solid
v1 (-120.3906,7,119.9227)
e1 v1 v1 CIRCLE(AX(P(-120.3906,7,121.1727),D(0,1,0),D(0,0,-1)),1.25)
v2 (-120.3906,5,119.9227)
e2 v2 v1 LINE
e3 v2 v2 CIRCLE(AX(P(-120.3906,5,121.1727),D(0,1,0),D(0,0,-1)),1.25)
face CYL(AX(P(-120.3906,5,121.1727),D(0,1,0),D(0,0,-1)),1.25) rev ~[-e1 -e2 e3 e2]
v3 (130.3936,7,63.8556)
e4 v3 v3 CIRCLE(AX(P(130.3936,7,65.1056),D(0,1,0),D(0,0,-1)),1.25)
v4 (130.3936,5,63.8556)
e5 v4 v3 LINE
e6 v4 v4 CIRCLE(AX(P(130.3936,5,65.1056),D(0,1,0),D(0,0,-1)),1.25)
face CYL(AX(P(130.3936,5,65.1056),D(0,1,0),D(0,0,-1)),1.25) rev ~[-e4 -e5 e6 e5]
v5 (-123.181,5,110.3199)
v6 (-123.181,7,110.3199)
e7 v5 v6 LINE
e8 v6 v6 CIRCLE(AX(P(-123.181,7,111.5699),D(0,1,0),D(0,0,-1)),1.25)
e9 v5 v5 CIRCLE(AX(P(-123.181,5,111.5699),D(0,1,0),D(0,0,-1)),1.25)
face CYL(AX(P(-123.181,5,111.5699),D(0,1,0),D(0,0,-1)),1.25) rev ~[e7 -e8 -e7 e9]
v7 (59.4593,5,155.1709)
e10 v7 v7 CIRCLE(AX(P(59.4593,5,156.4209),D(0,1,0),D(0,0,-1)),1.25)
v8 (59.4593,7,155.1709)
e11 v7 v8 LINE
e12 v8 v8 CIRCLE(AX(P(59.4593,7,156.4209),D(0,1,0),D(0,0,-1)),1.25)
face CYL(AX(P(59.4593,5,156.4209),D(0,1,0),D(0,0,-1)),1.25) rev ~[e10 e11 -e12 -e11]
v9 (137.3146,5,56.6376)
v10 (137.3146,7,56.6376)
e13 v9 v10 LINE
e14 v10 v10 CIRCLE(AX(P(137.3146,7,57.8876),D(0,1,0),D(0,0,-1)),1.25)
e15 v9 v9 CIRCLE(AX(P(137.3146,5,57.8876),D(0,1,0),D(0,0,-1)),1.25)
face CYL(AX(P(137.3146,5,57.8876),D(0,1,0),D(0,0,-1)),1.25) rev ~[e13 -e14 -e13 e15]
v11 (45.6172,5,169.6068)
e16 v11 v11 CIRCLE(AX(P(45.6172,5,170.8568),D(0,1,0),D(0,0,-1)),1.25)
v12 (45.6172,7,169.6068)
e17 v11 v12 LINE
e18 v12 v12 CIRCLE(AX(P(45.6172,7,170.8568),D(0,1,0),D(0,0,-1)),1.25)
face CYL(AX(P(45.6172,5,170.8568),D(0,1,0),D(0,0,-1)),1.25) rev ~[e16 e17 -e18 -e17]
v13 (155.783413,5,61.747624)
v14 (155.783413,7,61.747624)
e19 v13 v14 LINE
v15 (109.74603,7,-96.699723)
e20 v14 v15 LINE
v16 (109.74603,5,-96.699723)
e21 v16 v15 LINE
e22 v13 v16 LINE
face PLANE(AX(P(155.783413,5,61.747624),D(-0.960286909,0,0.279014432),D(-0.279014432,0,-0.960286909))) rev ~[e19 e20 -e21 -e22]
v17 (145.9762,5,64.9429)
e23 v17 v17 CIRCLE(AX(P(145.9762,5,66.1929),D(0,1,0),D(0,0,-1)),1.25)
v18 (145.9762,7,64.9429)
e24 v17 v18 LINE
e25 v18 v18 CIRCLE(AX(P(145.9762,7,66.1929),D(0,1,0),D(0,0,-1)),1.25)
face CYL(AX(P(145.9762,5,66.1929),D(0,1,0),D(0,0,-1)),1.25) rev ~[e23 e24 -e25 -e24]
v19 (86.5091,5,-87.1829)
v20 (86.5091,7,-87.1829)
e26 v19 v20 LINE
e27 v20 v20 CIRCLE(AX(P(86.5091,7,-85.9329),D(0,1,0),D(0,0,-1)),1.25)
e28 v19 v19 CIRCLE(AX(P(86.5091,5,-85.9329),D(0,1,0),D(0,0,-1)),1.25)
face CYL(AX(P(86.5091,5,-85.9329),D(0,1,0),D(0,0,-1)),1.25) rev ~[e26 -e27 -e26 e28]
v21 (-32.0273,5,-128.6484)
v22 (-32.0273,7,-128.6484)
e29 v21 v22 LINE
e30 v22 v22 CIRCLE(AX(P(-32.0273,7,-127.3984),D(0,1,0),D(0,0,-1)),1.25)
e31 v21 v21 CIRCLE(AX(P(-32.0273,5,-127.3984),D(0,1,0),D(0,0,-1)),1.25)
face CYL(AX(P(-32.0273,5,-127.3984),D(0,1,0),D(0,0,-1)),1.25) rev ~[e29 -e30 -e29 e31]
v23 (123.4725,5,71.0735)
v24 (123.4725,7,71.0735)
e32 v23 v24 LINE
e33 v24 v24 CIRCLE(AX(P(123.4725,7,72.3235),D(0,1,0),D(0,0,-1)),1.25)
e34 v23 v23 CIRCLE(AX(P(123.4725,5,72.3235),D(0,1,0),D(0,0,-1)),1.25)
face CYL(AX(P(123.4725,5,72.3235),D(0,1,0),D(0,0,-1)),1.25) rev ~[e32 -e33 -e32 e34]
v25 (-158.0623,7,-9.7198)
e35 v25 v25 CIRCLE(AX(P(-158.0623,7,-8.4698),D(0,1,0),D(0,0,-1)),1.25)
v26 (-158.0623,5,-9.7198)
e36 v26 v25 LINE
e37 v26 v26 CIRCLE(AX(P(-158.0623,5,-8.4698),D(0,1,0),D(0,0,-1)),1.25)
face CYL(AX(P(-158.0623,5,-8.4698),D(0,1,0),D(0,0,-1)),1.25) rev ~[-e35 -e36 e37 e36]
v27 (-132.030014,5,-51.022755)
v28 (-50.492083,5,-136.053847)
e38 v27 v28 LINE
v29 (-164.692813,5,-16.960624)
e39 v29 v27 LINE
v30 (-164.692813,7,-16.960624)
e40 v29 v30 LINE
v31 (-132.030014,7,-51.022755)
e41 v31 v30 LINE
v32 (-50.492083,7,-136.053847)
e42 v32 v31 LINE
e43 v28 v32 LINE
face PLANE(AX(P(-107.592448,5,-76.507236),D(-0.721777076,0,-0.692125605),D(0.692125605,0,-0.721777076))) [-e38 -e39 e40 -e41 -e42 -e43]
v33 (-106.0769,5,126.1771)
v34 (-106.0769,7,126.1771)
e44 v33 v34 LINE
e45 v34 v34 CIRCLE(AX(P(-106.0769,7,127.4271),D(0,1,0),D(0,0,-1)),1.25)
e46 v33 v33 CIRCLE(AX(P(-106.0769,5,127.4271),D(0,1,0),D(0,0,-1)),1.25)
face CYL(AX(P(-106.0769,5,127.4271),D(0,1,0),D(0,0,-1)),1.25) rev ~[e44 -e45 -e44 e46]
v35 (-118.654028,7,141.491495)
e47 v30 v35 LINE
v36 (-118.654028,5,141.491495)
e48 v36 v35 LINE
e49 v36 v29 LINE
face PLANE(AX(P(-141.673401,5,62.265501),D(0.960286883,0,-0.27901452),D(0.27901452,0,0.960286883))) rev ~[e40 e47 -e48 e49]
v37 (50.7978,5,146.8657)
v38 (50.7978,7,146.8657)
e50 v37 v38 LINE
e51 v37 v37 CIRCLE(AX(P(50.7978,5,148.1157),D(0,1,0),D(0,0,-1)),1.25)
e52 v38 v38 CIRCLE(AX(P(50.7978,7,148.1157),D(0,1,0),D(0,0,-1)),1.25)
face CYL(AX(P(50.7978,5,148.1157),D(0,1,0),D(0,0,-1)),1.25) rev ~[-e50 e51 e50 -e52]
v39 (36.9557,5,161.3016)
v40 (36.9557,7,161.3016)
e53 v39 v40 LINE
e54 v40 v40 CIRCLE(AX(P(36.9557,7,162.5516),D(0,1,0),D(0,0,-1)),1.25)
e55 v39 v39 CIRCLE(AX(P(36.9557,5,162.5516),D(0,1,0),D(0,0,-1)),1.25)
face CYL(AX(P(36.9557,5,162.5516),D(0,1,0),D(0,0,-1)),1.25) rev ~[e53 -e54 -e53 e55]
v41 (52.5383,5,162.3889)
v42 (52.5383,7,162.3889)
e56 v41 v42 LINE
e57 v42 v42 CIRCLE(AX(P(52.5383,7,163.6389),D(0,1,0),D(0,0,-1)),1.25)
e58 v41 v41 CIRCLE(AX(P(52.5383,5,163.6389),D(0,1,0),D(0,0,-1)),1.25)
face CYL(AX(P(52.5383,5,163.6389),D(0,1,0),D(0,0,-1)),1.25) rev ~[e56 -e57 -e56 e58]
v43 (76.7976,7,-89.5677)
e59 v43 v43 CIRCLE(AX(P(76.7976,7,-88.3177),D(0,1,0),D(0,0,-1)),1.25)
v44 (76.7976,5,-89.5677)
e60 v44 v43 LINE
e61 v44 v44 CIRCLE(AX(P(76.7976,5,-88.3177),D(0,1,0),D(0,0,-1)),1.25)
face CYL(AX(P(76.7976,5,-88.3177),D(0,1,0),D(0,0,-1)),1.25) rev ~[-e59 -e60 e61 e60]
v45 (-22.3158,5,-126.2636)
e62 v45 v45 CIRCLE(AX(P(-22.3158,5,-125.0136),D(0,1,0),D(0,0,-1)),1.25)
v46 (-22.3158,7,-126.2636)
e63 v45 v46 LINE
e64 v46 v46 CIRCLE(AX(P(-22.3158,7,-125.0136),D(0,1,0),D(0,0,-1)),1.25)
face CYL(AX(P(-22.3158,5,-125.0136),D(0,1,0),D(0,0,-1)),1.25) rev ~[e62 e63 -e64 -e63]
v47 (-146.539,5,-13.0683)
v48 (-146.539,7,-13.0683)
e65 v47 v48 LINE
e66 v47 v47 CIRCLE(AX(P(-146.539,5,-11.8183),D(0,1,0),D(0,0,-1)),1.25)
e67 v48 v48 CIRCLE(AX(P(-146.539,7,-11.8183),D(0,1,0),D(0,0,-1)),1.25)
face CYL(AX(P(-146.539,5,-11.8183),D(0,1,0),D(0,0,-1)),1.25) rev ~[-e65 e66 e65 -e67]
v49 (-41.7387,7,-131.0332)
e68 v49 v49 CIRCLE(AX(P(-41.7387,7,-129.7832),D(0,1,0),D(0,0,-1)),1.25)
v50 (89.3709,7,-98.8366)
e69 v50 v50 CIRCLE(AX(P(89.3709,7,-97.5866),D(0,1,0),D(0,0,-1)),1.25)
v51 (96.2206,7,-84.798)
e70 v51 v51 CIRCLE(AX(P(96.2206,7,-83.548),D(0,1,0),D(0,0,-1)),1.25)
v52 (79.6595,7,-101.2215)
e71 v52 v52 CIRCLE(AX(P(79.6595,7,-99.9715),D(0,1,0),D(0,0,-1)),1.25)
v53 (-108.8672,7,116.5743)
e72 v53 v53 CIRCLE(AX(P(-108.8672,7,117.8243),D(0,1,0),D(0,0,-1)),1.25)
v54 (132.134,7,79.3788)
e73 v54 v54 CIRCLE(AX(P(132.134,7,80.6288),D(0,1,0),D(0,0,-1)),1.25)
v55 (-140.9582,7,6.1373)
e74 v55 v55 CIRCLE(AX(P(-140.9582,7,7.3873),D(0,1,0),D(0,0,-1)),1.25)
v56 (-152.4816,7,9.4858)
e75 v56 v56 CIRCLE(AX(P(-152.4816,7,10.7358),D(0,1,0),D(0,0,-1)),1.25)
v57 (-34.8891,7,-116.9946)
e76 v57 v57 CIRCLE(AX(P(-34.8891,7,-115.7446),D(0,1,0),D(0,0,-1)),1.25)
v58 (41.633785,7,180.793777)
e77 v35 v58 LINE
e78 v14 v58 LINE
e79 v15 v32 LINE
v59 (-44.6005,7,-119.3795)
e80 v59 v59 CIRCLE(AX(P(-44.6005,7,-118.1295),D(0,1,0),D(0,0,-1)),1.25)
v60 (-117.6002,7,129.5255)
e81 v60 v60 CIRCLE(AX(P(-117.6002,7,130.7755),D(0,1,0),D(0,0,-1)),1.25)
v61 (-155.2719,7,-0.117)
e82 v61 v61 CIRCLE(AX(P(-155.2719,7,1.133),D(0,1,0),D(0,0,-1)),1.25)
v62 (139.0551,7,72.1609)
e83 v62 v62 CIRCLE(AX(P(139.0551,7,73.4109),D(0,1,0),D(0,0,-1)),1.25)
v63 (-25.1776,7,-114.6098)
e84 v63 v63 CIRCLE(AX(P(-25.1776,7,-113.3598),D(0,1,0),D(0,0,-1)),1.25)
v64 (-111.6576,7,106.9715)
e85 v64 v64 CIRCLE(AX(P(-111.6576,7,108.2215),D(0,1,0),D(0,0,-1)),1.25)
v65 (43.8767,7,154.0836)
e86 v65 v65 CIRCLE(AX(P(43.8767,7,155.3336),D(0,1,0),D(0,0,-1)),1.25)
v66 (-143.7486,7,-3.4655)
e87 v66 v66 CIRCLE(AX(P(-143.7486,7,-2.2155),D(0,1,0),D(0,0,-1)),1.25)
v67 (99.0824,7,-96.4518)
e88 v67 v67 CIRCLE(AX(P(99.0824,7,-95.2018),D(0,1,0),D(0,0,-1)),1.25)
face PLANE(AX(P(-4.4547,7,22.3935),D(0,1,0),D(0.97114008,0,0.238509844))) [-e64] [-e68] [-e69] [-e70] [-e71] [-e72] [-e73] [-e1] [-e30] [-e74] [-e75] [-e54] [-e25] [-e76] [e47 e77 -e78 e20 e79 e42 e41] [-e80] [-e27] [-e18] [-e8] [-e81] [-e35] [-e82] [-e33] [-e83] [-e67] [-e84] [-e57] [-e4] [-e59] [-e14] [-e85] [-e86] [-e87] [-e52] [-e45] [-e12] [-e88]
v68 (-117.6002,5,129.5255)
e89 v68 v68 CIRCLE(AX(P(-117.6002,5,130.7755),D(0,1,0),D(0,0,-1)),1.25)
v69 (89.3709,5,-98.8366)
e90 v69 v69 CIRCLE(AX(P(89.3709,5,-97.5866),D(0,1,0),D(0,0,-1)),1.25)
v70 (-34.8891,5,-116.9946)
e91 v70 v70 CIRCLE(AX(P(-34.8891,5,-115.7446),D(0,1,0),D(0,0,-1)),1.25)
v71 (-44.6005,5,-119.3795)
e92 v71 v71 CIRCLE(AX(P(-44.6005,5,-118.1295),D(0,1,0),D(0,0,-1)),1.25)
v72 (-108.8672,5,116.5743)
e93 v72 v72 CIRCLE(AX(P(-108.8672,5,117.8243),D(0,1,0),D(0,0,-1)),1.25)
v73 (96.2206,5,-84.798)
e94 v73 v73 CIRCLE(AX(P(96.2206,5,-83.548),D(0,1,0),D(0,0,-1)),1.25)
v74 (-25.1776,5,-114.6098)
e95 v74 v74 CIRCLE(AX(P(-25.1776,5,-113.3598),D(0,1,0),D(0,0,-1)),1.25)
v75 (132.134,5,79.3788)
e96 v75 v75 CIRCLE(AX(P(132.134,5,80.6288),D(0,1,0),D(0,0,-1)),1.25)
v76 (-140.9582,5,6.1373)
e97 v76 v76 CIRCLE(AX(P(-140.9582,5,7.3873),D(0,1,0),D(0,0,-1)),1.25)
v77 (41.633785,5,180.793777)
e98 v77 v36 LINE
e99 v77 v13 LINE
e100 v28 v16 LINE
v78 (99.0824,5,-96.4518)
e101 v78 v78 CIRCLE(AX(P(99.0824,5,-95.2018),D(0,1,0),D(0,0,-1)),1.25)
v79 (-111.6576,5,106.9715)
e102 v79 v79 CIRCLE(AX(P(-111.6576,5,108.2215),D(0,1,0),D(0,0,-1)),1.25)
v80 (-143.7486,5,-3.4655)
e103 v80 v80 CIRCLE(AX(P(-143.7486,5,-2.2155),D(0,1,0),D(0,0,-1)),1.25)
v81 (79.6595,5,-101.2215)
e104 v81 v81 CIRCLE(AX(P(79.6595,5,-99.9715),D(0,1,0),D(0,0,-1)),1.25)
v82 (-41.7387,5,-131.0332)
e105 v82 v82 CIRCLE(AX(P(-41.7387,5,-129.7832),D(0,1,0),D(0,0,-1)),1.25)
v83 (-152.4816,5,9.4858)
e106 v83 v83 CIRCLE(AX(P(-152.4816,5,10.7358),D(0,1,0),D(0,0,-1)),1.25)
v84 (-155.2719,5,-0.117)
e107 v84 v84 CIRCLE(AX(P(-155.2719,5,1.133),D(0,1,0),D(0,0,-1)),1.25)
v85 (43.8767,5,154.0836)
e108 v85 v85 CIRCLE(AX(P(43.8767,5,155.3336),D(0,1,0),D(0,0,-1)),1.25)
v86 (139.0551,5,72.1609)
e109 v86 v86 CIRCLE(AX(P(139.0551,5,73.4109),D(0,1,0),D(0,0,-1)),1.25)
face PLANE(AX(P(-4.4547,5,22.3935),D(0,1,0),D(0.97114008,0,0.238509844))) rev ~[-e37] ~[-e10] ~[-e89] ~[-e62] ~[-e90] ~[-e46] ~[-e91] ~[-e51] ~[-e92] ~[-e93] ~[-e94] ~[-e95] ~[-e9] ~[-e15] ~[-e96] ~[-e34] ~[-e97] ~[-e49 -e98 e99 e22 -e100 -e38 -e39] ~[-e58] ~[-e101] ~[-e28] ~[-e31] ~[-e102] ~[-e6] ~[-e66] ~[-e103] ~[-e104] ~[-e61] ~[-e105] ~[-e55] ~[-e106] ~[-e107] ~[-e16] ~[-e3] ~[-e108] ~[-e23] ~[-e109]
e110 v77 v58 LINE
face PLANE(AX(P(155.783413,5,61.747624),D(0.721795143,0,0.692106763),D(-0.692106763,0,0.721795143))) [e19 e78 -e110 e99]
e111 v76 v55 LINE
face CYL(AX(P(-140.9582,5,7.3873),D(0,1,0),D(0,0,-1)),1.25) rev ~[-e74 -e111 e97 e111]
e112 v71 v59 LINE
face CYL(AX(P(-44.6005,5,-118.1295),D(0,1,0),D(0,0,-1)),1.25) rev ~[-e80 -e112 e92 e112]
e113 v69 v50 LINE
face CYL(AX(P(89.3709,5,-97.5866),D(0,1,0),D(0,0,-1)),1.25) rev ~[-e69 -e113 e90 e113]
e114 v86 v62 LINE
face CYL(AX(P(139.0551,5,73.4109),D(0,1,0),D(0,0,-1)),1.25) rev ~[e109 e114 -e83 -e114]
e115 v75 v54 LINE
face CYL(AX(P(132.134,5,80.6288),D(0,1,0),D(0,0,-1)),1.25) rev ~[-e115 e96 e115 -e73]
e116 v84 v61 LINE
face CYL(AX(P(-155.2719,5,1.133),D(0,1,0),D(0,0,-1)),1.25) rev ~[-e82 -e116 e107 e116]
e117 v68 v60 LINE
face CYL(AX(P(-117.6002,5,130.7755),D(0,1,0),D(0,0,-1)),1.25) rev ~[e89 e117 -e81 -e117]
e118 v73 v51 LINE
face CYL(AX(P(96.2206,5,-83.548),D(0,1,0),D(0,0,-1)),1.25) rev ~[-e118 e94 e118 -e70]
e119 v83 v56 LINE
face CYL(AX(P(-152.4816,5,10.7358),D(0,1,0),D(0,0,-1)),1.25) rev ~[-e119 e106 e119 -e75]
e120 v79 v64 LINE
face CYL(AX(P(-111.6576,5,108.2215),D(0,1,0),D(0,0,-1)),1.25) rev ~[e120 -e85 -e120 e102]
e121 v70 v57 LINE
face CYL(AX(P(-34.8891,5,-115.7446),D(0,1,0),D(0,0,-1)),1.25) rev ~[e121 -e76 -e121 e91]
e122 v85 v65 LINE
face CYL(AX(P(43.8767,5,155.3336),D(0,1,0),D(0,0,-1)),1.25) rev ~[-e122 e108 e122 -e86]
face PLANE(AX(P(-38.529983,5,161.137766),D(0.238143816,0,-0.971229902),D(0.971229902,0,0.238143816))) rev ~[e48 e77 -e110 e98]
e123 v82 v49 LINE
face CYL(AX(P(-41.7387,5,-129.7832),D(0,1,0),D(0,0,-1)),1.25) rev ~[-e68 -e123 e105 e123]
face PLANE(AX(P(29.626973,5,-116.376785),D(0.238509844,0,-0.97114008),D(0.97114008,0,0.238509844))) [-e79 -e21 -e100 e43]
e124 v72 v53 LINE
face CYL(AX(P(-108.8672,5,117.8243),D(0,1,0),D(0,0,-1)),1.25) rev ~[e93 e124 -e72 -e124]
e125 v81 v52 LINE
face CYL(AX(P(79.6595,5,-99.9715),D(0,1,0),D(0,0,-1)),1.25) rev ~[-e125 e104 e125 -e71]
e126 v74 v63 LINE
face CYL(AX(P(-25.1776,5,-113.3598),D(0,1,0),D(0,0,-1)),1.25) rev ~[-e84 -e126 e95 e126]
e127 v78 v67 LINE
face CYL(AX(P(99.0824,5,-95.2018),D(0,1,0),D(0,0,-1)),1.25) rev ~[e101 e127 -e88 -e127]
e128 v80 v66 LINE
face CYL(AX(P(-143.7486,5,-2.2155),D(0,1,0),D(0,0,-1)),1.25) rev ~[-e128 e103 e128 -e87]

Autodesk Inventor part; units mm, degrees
ref_plane "YZ Plane" through (0, 0, 0) normal (1, 0, 0) x (0, 1, 0)
ref_plane "XZ Plane" through (0, 0, 0) normal (0, 1, 0) x (-1, 0, 0)
ref_plane "XY Plane" through (0, 0, 0) normal (0, 0, 1) x (1, 0, 0)
ref_plane "Work Plane2" through (-4.4547, 5, 22.3935) normal (0, 1, 0) x (0.9711, 0, 0.2385)
sketch "Sketch2" plane through (-4.4547, 5, 22.3935) normal (0, 1, 0) x (0.9711, 0, 0.2385)
  line L0 (1.3055, 292.2458) -> (0.897, 292.9749)
  line L1 (165, 0) -> (82.5, 142.8942)
  line L2 (165, 0) -> (455.412, 0) construction
  line L3 (-165, 0) -> (-123.75, 71.4471)
  line L4 (-82.5, 142.8942) -> (82.5, 142.8942)
  line L5 (165, 0) -> (82.5384, -142.8363)
  line L6 (-165, 0) -> (-82.4975, -142.8985)
  line L7 (-82.4975, -142.8985) -> (82.5384, -142.8363)
  line L8 (-123.75, 71.4471) -> (123.7519, -71.4482)
  line L9 (-123.75, 71.4471) -> (-82.5, 142.8942)
  line L10 (-123.75, 71.4471) -> (-103.596, 106.3548)
  line L11 (-103.596, 106.3548) -> (-143.904, 36.5393)
  line L12 (-143.904, 36.5393) -> (-20.154, -34.9078)
  line L13 (-143.904, 36.5393) -> (-141.404, 40.8695)
  line L14 (-141.404, 40.8695) -> (-13.7235, -32.8469)
  line L15 (-143.904, 36.5393) -> (-140.154, 43.0345)
  line L16 (-140.154, 43.0345) -> (-8.7235, -32.8469)
  circle A0 centre (-122.1364, 29.7453) radius 1.25
  line L17 (-122.1364, 29.7453) -> (-104.8159, 19.7453)
  circle A1 centre (-104.8159, 19.7453) radius 1.25
  circle A2 centre (-119.6364, 34.0755) radius 1.25
  circle A3 centre (-102.3159, 24.0755) radius 1.25
  circle A4 centre (-86.8284, 90.9006) radius 1.25
  circle A5 centre (-69.5079, 80.9006) radius 1.25
  circle A6 centre (-72.0079, 76.5705) radius 1.25
  circle A7 centre (-89.3284, 86.5705) radius 1.25
  line L18 (-103.596, 106.3548) -> (38.9161, 24.0755)
  line L19 (0, -168.5342) -> (0, 201.2918)
  circle A8 centre (122.1364, 29.7453) radius 1.25
  circle A9 centre (104.8159, 19.7453) radius 1.25
  circle A10 centre (102.3159, 24.0755) radius 1.25
  circle A11 centre (119.6364, 34.0755) radius 1.25
  circle A12 centre (72.0079, 76.5705) radius 1.25
  circle A13 centre (89.3284, 86.5705) radius 1.25
  circle A14 centre (86.8284, 90.9006) radius 1.25
  circle A15 centre (69.5079, 80.9006) radius 1.25
  circle A16 centre (-35.308, -100.6459) radius 1.25
  circle A17 centre (30.308, -100.6459) radius 1.25
  circle A18 centre (35.308, -100.6459) radius 1.25
  circle A19 centre (30.308, -120.6459) radius 1.25
  circle A20 centre (35.308, -120.6459) radius 1.25
  circle A21 centre (-30.308, -100.6459) radius 1.25
  circle A22 centre (-30.308, -120.6459) radius 1.25
  circle A23 centre (-35.308, -120.6459) radius 1.25
  line L20 (-82.4975, -142.8985) -> (-65.177, -132.8985)
  line L21 (-82.4975, -142.8985) -> (-79.0334, -140.8985)
  line L22 (-165, 0) -> (-147.6795, 10)
  line L23 (-165, 0) -> (-145, 0) construction
  line L24 (-147.6795, 10) -> (-65.177, -132.8985)
  line L25 (-165, 0) -> (-161.5359, 2)
  line L26 (-161.5359, 2) -> (-79.0334, -140.8985)
  line L27 (-73.8372, -137.8985) -> (-156.3397, 5)
  line L28 (-79.0334, -140.8985) -> (-84.0334, -132.2383)
  line L29 (-84.0334, -132.2383) -> (-89.0334, -123.578)
  line L30 (-89.0334, -123.578) -> (-94.0334, -114.9178)
  line L31 (-123.7487, -71.4493) -> (-106.4282, -61.4493)
  circle A24 centre (-84.0334, -132.2383) radius 1.25
  circle A25 centre (-89.0334, -123.578) radius 1.25
  circle A26 centre (-94.0334, -114.9178) radius 1.25
  circle A27 centre (-73.6411, -126.2383) radius 1.25
  circle A28 centre (-78.6411, -117.578) radius 1.25
  circle A29 centre (-83.6411, -108.9178) radius 1.25
  circle A30 centre (-156.5359, -6.6603) radius 1.25
  circle A31 centre (-151.5359, -15.3205) radius 1.25
  circle A32 centre (-146.5359, -23.9808) radius 1.25
  circle A33 centre (-136.1436, -17.9808) radius 1.25
  circle A34 centre (-141.1436, -9.3205) radius 1.25
  circle A35 centre (-146.1436, -0.6603) radius 1.25
  circle A36 centre (72.505, 138.8942) radius 1.25
  circle A37 centre (62.505, 138.8942) radius 1.25
  circle A38 centre (52.505, 138.8942) radius 1.25
  circle A39 centre (52.505, 126.8942) radius 1.25
  circle A40 centre (62.505, 126.8942) radius 1.25
  circle A41 centre (72.505, 126.8942) radius 1.25
  circle A42 centre (-72.5, 138.8942) radius 1.25
  circle A43 centre (-62.5, 138.8942) radius 1.25
  circle A44 centre (-52.5, 138.8942) radius 1.25
  circle A45 centre (-52.5, 126.8942) radius 1.25
  circle A46 centre (-62.5, 126.8942) radius 1.25
  circle A47 centre (-72.5, 126.8942) radius 1.25
  circle A48 centre (84.0334, -132.2383) radius 1.25
  circle A49 centre (89.0334, -123.578) radius 1.25
  circle A50 centre (94.0334, -114.9178) radius 1.25
  circle A51 centre (83.6411, -108.9178) radius 1.25
  circle A52 centre (78.6411, -117.578) radius 1.25
  circle A53 centre (73.6411, -126.2383) radius 1.25
  circle A54 centre (156.5359, -6.6603) radius 1.25
  circle A55 centre (151.5359, -15.3205) radius 1.25
  circle A56 centre (146.5359, -23.9808) radius 1.25
  circle A57 centre (136.1436, -17.9808) radius 1.25
  circle A58 centre (141.1436, -9.3205) radius 1.25
  circle A59 centre (146.1436, -0.6603) radius 1.25
  dimension "d14" = 120
  dimension "d19" = 40.308
  dimension "d20" = 80.616
  dimension "d21" = 5
  dimension "d22" = 7.5
  dimension "d23" = 2.5
  dimension "d24" = 20
  dimension "d25" = 2.5
  dimension "d40" = 20
  dimension "d42" = 4
  dimension "d43" = 90
  dimension "d45" = 20
  dimension "d46" = 30
  dimension "d47" = 10
  dimension "d48" = 10
  dimension "d50" = 10
  dimension "d51" = 2.5
  dimension "d52" = 2.5
  dimension "d53" = 2.5
ref_plane "Work Plane3" through (-4.4547, 5, 22.3935) normal (0, 1, 0) x (0.9711, 0, 0.2385)
extrude "Extrusion2" add sketch "Sketch2" along normal blind 2 contours L5 L8 L19 L4 L1 | L5 L7 L19 L8 | L19 L18 L9 L4 | A1 L14 | L14 A1 | A0 L14 | L14 A0 | L19 L7 L20 L24 L22 L3 L8 | L8 L9 L18 L19 | L6 L31 L26 A26 A25 A24 L20 | L6 L22 L26 A30 A31 A32 L31 | L26 A24 A25 A26 L31 L27 L20 | L26 A32 A31 A30 L22 L27 L31 | L27 L31 L24 L20 | A24 L26 | L26 A24 | A32 L26 | L26 A32 | A26 L26 | L26 A26 | L27 L22 L24 L31 | A30 L26 | L26 A30 | A25 L26 | L26 A25 | A31 L26 | L26 A31 | A2 | A3 | A4 | A5 | A6 | A7 | A8 | A9 | A10 | A11 | A12 | A13 | A14 | A15 | A16 | A17 | A18 | A19 | A20 | A21 | A22 | A23 | A27 | A28 | A29 | A33 | A34 | A35 | A36 | A37 | A38 | A39 | A40 | A41 | A42 | A43 | A44 | A45 | A46 | A47 | A48 | A49 | A50 | A51 | A52 | A53 | A54 | A55 | A56 | A57 | A58 | A59
hole "Hole3" at (-44.6005, 5, -118.1295) at (-34.8891, 5, -115.7446) at (-25.1776, 5, -113.3598) at (-22.3158, 5, -125.0136) at (-32.0273, 5, -127.3984) at (-41.7387, 5, -129.7832) at (79.6595, 5, -99.9715) at (76.7976, 5, -88.3177) at (86.5091, 5, -85.9329) at (89.3709, 5, -97.5866) at (99.0824, 5, -95.2018) at (96.2206, 5, -83.548) at (-152.4816, 5, 10.7358) at (-140.9582, 5, 7.3873) at (-143.7486, 5, -2.2155) at (-155.2719, 5, 1.133) at (-158.0623, 5, -8.4698) at (-146.539, 5, -11.8183) at (-123.181, 5, 111.5699) at (-111.6576, 5, 108.2215) at (-108.8672, 5, 117.8243) at (-106.0769, 5, 127.4271) at (-117.6002, 5, 130.7755) at (-120.3906, 5, 121.1727) at (36.9557, 5, 162.5516) at (45.6172, 5, 170.8568) at (52.5383, 5, 163.6389) at (43.8767, 5, 155.3336) at (50.7978, 5, 148.1157) at (59.4593, 5, 156.4209) at (132.134, 5, 80.6288) at (123.4725, 5, 72.3235) at (130.3936, 5, 65.1056) at (139.0551, 5, 73.4109) at (145.9762, 5, 66.1929) at (137.3146, 5, 57.8876) direction (0, 1, 0) diameter 2.5 end through all
properties part number "ArmPlatform" material "Aluminum 6061"
